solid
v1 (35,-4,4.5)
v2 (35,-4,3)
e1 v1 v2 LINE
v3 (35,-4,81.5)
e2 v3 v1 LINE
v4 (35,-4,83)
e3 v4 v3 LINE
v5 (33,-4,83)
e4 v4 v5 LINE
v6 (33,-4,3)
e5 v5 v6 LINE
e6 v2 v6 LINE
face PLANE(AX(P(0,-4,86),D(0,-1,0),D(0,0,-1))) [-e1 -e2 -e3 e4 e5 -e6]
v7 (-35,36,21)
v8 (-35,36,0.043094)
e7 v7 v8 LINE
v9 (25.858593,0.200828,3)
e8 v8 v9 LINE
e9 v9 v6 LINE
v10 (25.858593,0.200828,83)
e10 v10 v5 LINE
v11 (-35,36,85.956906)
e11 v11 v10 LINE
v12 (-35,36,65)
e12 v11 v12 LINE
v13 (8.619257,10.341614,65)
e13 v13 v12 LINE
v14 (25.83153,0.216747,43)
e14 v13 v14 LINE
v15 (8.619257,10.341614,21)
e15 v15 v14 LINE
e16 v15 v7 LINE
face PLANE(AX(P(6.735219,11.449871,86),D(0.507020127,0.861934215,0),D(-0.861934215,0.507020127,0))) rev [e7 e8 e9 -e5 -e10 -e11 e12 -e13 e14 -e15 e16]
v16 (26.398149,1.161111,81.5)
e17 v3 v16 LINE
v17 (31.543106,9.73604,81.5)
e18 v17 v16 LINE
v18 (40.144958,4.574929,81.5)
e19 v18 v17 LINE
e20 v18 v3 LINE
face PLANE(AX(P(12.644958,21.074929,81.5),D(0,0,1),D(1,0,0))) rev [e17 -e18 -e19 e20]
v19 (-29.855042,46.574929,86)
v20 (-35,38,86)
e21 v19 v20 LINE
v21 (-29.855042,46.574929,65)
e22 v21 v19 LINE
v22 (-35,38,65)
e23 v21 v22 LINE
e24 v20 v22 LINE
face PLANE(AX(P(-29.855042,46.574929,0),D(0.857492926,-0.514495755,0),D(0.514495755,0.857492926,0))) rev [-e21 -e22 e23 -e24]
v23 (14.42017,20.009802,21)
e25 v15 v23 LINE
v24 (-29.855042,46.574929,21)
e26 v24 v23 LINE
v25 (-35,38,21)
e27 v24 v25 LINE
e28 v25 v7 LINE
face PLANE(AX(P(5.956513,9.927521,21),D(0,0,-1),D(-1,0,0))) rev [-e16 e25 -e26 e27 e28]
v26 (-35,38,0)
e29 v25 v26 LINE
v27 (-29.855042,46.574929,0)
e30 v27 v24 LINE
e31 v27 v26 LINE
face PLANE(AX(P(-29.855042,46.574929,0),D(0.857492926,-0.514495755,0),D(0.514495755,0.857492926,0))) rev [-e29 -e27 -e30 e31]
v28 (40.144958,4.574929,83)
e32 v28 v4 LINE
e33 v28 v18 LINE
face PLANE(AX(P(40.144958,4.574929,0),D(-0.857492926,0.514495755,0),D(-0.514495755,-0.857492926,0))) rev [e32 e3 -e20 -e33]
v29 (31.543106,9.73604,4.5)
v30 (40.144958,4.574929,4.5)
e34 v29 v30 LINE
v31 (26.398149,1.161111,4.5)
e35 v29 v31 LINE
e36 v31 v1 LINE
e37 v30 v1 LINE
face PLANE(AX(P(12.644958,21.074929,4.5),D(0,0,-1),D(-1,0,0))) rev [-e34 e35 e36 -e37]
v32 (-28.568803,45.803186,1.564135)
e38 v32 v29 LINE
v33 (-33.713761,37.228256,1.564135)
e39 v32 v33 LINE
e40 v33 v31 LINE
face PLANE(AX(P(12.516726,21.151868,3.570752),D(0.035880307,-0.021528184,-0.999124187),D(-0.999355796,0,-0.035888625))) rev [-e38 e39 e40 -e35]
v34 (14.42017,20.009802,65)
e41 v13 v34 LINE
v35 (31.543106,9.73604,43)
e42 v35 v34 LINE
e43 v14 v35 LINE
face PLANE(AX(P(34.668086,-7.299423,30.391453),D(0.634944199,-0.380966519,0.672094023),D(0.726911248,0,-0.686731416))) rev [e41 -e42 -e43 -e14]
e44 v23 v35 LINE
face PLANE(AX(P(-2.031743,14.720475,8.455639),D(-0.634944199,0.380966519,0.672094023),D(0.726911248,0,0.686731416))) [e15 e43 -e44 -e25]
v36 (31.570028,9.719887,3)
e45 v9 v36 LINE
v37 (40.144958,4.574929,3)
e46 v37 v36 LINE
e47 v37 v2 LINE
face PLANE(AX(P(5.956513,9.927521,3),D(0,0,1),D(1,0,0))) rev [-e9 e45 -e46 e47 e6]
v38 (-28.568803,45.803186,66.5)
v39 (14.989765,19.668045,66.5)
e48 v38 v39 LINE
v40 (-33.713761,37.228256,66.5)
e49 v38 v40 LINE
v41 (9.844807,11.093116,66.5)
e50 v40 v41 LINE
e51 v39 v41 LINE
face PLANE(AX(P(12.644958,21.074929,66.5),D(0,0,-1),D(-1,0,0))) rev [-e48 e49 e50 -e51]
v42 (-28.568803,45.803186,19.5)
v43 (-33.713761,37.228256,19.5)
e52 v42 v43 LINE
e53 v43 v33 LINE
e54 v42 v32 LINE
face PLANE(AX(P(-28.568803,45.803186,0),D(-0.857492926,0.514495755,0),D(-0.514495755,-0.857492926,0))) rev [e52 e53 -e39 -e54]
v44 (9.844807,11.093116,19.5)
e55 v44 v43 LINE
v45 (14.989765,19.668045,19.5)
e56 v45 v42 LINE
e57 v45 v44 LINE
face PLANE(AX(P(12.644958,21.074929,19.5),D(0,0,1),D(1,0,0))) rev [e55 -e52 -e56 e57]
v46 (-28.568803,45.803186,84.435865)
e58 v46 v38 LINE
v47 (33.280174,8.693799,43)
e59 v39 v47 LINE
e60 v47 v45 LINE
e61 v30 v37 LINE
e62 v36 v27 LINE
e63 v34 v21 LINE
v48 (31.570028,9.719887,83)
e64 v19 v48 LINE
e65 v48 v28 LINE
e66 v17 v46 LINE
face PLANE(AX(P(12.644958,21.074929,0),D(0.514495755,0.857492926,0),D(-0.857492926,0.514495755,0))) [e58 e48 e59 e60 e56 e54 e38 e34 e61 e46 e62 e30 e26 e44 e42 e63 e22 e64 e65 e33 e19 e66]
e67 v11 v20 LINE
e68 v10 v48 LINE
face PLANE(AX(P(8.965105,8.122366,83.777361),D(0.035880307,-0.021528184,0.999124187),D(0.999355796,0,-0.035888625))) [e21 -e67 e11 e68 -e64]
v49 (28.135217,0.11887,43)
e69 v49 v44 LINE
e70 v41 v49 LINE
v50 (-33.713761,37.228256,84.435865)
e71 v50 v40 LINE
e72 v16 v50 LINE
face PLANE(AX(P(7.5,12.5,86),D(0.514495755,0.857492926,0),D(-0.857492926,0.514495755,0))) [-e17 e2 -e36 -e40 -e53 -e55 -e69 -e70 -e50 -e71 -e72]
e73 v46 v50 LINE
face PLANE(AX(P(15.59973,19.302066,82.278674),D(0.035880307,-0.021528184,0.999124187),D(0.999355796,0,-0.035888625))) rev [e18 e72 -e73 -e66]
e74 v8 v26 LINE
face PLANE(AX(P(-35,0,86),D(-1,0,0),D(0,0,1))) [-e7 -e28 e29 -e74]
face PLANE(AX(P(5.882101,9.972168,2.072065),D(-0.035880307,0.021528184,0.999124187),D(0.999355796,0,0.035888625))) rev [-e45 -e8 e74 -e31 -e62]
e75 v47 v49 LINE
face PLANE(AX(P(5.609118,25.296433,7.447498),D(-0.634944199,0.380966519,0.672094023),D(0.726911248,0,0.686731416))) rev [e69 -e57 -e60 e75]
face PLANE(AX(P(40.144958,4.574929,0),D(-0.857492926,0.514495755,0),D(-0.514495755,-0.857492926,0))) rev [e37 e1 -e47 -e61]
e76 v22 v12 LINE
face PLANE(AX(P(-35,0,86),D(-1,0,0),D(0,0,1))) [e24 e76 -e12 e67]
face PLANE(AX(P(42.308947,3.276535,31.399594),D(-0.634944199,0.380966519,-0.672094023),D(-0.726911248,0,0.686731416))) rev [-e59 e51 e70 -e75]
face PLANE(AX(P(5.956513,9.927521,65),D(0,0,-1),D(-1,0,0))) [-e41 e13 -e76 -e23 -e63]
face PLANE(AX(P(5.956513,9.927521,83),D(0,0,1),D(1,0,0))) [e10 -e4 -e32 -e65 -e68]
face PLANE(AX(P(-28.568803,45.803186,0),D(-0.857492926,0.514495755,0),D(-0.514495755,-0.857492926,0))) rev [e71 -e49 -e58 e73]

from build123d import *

# Parameters (mm, degrees)
EXTRUDE_1_DEPTH     = 86
CUT_EXTRUDE_1_DEPTH = 3
EXTRUDE_2_DEPTH     = 10


with BuildPart() as part:
    # Эскиз1 → Бобышка-Вытянуть1 (new body)
    with BuildSketch(Plane.XY):
        Polygon((35, -4), (33, -4), (-35, 36), (-35, 38), align=None)
    extrude(amount=EXTRUDE_1_DEPTH)

    # Эскиз2 → Вырез-Вытянуть1 (cut)
    with BuildSketch(Plane(origin=(7.5, 12.5, 0), x_dir=(0.8574929257125444, -0.5144957554275262, 0), z_dir=(0.5144957554275262, 0.8574929257125444, 0))):
        Polygon((22.070235422, -3), (32.070235422, -3), (32.070235422, 0), (-49.563091106, 0), align=None)
        Polygon((-49.563091106, -21), (-49.563091106, -43), (22.038839221, -43), (2.070235422, -21), align=None)
        Polygon((-49.563091106, -43), (-49.563091106, -65), (2.070235422, -65), (22.038839221, -43), align=None)
        Polygon((22.070235422, -83), (-49.563091106, -86), (32.070235422, -86), (32.070235422, -83), align=None)
    extrude(amount=-CUT_EXTRUDE_1_DEPTH, mode=Mode.SUBTRACT)

    # Эскиз3 → Бобышка-Вытянуть2 (add)
    with BuildSketch(Plane(origin=(7.5, 12.5, 0), x_dir=(0.8574929257125444, -0.5144957554275262, 0), z_dir=(0.5144957554275262, 0.8574929257125444, 0))):
        Polygon((-49.563091106, -65), (-49.563091106, -86), (22.070235422, -83), (32.070235422, -83), (32.070235422, -81.5), (22.038839221, -81.5), (-48.063091106, -84.435865207), (-48.063091106, -66.5), (2.734491563, -66.5), (24.064591076, -43), (2.734491563, -19.5), (-48.063091106, -19.5), (-48.063091106, -1.564134793), (22.038839221, -4.5), (32.070235422, -4.5), (32.070235422, -3), (22.070235422, -3), (-49.563091106, 0), (-49.563091106, -21), (2.070235422, -21), (22.038839221, -43), (2.070235422, -65), align=None)
    extrude(amount=EXTRUDE_2_DEPTH)


solid = part.part
